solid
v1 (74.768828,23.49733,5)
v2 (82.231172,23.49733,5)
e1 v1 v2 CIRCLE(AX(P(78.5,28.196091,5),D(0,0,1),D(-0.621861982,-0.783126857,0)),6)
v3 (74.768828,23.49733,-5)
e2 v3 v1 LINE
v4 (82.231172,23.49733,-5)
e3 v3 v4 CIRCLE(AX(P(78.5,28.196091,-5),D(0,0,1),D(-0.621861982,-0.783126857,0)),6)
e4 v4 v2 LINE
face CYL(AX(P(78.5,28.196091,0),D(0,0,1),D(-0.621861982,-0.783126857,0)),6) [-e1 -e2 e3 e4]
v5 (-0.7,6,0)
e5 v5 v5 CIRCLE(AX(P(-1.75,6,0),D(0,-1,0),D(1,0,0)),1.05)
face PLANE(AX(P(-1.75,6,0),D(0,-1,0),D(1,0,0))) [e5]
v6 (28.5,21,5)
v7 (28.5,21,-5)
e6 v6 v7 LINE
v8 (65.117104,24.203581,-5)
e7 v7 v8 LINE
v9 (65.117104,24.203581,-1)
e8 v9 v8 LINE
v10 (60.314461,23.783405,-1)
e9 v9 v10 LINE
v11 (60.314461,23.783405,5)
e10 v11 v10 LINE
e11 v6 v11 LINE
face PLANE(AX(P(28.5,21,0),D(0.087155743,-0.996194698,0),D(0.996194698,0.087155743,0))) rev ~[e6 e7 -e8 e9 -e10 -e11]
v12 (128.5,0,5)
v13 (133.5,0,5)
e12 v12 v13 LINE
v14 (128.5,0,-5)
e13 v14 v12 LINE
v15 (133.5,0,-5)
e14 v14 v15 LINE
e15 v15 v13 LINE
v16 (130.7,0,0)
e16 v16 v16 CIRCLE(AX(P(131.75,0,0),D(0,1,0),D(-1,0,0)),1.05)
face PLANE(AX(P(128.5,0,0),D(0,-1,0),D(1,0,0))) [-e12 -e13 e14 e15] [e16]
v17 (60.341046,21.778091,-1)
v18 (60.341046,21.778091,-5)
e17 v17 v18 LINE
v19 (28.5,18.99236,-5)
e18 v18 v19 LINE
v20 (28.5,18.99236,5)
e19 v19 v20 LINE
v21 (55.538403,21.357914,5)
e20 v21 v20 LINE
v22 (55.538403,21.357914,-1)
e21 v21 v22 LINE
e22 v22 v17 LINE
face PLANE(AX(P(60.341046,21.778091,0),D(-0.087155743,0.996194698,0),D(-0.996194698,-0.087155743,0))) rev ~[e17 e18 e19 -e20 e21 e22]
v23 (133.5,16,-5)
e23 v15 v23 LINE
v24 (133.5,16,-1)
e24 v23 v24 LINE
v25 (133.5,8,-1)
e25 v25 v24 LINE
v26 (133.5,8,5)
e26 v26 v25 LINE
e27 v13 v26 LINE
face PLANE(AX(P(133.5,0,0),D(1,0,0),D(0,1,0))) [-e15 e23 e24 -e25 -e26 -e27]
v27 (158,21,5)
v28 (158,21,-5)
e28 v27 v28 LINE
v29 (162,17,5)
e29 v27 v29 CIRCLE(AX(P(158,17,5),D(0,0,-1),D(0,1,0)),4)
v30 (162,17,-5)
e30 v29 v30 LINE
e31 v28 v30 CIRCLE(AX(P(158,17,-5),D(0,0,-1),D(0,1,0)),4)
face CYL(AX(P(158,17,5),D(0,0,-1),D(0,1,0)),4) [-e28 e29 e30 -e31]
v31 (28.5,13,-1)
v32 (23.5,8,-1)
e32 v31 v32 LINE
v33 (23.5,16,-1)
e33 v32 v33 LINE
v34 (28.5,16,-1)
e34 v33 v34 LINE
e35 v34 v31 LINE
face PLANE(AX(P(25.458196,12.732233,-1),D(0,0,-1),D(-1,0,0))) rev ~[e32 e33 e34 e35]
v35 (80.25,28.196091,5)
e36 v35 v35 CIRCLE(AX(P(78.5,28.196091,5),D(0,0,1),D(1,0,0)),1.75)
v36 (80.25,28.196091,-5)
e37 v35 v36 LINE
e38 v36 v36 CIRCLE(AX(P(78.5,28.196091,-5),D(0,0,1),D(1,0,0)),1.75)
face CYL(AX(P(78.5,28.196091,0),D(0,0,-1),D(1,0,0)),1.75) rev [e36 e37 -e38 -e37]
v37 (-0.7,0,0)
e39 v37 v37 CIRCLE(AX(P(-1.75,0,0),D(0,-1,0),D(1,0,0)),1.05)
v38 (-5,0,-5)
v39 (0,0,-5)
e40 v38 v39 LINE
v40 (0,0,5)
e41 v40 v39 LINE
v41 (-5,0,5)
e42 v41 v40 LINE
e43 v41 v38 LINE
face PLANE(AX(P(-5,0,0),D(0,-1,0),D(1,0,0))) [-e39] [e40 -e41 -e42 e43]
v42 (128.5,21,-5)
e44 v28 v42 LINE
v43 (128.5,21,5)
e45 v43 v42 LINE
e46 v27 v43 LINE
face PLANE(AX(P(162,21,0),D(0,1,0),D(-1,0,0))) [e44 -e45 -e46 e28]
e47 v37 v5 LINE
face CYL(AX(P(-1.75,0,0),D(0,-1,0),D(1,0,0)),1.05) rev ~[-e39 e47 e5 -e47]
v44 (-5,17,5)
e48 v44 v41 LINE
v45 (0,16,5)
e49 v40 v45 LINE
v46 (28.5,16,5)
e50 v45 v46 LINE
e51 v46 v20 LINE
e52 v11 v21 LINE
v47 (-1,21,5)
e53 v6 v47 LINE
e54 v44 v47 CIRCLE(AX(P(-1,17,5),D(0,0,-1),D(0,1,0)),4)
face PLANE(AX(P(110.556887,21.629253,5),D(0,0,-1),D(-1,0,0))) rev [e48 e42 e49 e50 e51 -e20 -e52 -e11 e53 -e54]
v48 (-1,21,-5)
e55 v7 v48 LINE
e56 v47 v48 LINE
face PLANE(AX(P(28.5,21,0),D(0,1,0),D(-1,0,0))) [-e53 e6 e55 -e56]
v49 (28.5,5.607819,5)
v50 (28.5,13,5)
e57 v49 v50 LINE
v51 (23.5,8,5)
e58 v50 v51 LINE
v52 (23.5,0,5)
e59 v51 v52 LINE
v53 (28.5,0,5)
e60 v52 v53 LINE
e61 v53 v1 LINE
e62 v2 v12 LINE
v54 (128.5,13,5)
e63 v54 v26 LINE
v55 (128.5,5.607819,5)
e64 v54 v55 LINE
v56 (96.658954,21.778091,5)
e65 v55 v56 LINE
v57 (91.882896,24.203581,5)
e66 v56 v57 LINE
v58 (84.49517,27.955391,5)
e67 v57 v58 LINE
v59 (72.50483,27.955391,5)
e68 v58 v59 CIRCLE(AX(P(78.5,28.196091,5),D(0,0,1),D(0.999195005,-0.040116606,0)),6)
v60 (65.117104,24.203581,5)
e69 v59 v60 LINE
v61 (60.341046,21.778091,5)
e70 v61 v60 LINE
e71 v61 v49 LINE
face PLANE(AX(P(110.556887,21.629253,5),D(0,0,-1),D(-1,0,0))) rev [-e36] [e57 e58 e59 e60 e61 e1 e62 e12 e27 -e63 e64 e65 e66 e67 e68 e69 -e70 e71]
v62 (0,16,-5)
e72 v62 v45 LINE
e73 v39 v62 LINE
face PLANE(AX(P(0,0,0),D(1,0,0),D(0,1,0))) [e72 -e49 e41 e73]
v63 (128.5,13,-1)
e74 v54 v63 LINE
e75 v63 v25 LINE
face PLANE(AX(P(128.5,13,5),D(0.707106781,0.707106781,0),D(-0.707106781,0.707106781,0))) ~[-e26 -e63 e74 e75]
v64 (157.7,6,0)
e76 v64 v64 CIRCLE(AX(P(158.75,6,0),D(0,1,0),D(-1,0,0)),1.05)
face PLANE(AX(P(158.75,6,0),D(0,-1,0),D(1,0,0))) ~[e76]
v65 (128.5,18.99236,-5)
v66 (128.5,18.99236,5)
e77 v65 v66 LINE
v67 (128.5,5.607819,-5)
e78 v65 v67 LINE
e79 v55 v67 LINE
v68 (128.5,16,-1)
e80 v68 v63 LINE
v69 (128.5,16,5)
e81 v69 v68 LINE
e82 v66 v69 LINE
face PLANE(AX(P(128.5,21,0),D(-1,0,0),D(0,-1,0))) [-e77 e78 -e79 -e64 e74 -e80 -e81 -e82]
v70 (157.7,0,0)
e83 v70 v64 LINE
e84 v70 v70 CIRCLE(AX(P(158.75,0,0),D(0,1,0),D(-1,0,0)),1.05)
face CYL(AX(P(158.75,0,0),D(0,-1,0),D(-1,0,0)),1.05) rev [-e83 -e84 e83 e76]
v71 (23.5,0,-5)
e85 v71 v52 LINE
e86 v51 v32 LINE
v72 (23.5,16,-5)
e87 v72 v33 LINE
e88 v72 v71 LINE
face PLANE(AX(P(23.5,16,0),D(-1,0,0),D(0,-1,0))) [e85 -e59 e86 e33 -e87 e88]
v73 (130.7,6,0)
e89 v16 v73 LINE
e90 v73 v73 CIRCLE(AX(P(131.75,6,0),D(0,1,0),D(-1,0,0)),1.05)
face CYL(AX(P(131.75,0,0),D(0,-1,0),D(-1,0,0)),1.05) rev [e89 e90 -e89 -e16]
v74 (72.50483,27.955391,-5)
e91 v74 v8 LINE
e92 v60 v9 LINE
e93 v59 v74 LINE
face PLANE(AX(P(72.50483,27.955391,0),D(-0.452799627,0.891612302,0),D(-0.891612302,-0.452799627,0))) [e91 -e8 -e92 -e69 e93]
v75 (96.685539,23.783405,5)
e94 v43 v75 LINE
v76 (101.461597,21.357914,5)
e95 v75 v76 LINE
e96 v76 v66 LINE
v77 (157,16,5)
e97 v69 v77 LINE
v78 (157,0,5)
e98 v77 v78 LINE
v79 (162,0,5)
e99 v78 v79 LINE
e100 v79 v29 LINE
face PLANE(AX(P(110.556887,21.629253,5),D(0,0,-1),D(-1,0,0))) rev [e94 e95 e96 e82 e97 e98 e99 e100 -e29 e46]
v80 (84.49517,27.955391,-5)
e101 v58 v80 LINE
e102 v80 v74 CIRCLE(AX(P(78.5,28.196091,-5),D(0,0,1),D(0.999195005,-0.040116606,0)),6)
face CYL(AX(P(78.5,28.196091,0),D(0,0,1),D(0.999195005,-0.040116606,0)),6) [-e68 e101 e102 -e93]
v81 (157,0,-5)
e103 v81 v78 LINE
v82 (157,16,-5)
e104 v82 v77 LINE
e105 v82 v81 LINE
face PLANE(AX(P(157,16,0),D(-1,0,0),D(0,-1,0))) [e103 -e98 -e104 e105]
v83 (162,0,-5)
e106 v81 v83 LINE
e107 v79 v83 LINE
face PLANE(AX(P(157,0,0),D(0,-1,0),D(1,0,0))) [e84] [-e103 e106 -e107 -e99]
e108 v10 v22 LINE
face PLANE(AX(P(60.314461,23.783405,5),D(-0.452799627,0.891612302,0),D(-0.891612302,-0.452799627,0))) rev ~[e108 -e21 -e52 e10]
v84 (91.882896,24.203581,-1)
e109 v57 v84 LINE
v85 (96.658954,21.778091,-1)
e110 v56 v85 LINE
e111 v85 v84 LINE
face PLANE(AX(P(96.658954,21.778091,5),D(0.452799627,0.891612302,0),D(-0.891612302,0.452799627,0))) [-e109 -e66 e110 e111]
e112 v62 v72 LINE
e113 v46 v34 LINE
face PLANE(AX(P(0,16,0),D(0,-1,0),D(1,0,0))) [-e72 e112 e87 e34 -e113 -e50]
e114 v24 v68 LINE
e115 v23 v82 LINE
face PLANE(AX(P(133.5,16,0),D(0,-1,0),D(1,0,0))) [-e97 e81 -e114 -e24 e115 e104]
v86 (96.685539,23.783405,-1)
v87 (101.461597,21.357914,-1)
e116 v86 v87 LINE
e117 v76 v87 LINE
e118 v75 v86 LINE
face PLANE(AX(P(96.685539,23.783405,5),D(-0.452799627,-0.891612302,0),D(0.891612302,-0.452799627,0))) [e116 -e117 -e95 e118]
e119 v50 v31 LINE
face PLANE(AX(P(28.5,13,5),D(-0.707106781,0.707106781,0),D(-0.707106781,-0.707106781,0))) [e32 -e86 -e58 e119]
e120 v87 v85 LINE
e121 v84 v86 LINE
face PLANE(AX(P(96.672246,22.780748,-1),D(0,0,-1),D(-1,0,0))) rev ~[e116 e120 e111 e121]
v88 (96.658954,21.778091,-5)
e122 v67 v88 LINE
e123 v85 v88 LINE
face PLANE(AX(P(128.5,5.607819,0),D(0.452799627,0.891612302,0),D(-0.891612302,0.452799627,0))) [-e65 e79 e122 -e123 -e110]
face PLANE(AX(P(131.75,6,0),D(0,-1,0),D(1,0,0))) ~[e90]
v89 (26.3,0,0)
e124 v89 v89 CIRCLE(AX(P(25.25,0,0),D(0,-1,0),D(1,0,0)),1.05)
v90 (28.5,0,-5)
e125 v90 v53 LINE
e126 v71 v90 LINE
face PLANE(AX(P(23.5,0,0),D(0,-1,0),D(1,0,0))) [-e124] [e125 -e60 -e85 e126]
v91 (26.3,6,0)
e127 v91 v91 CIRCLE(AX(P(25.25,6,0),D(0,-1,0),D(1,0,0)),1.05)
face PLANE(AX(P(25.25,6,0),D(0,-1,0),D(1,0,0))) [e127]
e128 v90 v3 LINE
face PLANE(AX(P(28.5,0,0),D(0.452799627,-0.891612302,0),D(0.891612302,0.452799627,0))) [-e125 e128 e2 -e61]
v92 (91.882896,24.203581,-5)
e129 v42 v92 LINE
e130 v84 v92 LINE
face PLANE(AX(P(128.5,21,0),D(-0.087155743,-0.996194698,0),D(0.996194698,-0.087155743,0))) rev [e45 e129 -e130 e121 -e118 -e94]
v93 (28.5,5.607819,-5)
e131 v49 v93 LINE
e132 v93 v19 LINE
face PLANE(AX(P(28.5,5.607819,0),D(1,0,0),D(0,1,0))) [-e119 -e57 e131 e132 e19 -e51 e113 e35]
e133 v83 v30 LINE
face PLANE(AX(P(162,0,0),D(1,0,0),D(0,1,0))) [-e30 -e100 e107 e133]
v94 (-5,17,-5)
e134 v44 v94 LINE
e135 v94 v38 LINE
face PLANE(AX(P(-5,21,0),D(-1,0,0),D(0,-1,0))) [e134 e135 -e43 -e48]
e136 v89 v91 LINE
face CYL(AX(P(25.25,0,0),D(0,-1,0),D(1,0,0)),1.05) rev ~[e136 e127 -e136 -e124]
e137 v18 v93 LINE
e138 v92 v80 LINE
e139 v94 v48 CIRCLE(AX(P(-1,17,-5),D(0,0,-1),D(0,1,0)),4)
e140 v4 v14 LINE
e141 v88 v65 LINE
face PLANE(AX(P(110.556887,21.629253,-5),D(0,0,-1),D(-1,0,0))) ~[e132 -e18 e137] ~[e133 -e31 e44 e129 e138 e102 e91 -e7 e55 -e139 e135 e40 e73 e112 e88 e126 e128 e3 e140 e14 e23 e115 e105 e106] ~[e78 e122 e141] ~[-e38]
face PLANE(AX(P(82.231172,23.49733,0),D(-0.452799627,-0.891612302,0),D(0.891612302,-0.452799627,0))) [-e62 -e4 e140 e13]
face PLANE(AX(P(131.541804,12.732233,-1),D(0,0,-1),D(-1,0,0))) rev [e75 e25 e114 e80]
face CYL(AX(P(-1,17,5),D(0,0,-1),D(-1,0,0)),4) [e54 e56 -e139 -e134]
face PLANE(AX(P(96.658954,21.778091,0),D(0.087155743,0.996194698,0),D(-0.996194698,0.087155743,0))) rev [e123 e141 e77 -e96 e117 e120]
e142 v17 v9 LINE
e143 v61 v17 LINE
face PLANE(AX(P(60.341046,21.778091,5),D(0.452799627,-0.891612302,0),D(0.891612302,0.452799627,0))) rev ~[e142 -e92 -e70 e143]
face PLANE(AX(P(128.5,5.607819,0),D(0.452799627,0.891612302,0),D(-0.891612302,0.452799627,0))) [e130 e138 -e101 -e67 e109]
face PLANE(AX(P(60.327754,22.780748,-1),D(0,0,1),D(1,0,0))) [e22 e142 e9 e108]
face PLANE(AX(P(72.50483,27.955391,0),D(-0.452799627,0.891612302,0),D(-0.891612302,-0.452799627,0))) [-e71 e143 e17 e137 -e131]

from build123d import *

# Parameters (mm, degrees)
SKICA1_R                 = 1.75
P_IDAT_VYSUNUT_M1_DEPTH  = 5
ZAOBLIT1_R               = 4
P_IDAT_VYSUNUT_M2_DEPTH  = 5
SKICA3_R                 = 1.05
ODEBRAT_VYSUNUT_M1_DEPTH = 6
ODEBRAT_VYSUNUT_M2_DEPTH = 6
ODEBRAT_VYSUNUT_M3_DEPTH = 6


with BuildPart() as part:
    # Skica1 → Přidat vysunutím1 (new body, symmetric)
    with BuildSketch(Plane.XY):
        with BuildLine():
            Line((0, 0), (0, 16))
            Line((0, 16), (23.5, 16))
            Line((23.5, 16), (23.5, 0))
            Line((23.5, 0), (28.5, 0))
            Line((28.5, 0), (74.768828107, 23.497329584))
            ThreePointArc((74.768828107, 23.497329584), (78.5, 22.196090729), (82.231171893, 23.497329584))
            Line((82.231171893, 23.497329584), (128.5, 0))
            Line((128.5, 0), (133.5, 0))
            Line((133.5, 0), (133.5, 16))
            Line((133.5, 16), (157, 16))
            Line((157, 16), (157, 0))
            Line((157, 0), (162, 0))
            Line((162, 0), (162, 21))
            Line((162, 21), (128.5, 21))
            Line((128.5, 21), (128.5, 5.607818541))
            Line((128.5, 5.607818541), (84.49517003, 27.955391095))
            ThreePointArc((84.49517003, 27.955391095), (78.5, 34.196090729), (72.50482997, 27.955391095))
            Line((72.50482997, 27.955391095), (28.5, 5.607818541))
            Line((28.5, 5.607818541), (28.5, 21))
            Line((28.5, 21), (-5, 21))
            Line((-5, 21), (-5, 0))
            Line((-5, 0), (0, 0))
        make_face()
        with Locations((78.5, 28.196090729)):
            Circle(SKICA1_R, mode=Mode.SUBTRACT)
    extrude(amount=P_IDAT_VYSUNUT_M1_DEPTH, both=True)

    # Zaoblit1
    zaoblit1_edges = [part.edges().sort_by_distance(p)[0] for p in [
        (-5, 21, 0),
        (162, 21, 0),
    ]]
    fillet(zaoblit1_edges, radius=ZAOBLIT1_R)

    # Skica2 → Přidat vysunutím2 (add, symmetric)
    with BuildSketch(Plane.XY):
        Polygon((28.5, 21), (65.117103916, 24.203581484), (60.341045967, 21.778090882), (28.5, 18.992360325), align=None)
    p_idat_vysunut_m2 = extrude(amount=P_IDAT_VYSUNUT_M2_DEPTH, both=True)

    # Zrcadlit1: Přidat vysunutím2 across plane
    add(p_idat_vysunut_m2.mirror(Plane.ZY.offset(-78.5)))

    # Skica3 → Odebrat vysunutím1 (cut)
    with BuildSketch(Plane.XZ):
        with Locations((-1.75, 0)):
            Circle(SKICA3_R)
        with Locations((25.25, 0)):
            Circle(SKICA3_R)
    odebrat_vysunut_m1 = extrude(amount=-ODEBRAT_VYSUNUT_M1_DEPTH, mode=Mode.SUBTRACT)

    # Zrcadlit2: Odebrat vysunutím1 across plane
    add(odebrat_vysunut_m1.mirror(Plane.ZY.offset(-78.5)), mode=Mode.SUBTRACT)

    # Skica4 → Odebrat vysunutím2 (cut)
    with BuildSketch(Plane.XY.offset(5)):
        Polygon((23.5, 16), (28.5, 16), (28.5, 13), (23.5, 8), align=None)
    odebrat_vysunut_m2 = extrude(amount=-ODEBRAT_VYSUNUT_M2_DEPTH, mode=Mode.SUBTRACT)

    # Zrcadlit3: Odebrat vysunutím2 across plane
    add(odebrat_vysunut_m2.mirror(Plane.ZY.offset(-78.5)), mode=Mode.SUBTRACT)

    # Skica5 → Odebrat vysunutím3 (cut)
    with BuildSketch(Plane.XY.offset(5)):
        Polygon((60.341045967, 21.778090882), (65.117103916, 24.203581484), (60.314461293, 23.783404699), (55.538403344, 21.357914097), align=None)
        Polygon((91.882896084, 24.203581484), (96.685538707, 23.783404699), (101.461596656, 21.357914097), (96.658954033, 21.778090882), align=None)
    extrude(amount=-ODEBRAT_VYSUNUT_M3_DEPTH, mode=Mode.SUBTRACT)


solid = part.part
